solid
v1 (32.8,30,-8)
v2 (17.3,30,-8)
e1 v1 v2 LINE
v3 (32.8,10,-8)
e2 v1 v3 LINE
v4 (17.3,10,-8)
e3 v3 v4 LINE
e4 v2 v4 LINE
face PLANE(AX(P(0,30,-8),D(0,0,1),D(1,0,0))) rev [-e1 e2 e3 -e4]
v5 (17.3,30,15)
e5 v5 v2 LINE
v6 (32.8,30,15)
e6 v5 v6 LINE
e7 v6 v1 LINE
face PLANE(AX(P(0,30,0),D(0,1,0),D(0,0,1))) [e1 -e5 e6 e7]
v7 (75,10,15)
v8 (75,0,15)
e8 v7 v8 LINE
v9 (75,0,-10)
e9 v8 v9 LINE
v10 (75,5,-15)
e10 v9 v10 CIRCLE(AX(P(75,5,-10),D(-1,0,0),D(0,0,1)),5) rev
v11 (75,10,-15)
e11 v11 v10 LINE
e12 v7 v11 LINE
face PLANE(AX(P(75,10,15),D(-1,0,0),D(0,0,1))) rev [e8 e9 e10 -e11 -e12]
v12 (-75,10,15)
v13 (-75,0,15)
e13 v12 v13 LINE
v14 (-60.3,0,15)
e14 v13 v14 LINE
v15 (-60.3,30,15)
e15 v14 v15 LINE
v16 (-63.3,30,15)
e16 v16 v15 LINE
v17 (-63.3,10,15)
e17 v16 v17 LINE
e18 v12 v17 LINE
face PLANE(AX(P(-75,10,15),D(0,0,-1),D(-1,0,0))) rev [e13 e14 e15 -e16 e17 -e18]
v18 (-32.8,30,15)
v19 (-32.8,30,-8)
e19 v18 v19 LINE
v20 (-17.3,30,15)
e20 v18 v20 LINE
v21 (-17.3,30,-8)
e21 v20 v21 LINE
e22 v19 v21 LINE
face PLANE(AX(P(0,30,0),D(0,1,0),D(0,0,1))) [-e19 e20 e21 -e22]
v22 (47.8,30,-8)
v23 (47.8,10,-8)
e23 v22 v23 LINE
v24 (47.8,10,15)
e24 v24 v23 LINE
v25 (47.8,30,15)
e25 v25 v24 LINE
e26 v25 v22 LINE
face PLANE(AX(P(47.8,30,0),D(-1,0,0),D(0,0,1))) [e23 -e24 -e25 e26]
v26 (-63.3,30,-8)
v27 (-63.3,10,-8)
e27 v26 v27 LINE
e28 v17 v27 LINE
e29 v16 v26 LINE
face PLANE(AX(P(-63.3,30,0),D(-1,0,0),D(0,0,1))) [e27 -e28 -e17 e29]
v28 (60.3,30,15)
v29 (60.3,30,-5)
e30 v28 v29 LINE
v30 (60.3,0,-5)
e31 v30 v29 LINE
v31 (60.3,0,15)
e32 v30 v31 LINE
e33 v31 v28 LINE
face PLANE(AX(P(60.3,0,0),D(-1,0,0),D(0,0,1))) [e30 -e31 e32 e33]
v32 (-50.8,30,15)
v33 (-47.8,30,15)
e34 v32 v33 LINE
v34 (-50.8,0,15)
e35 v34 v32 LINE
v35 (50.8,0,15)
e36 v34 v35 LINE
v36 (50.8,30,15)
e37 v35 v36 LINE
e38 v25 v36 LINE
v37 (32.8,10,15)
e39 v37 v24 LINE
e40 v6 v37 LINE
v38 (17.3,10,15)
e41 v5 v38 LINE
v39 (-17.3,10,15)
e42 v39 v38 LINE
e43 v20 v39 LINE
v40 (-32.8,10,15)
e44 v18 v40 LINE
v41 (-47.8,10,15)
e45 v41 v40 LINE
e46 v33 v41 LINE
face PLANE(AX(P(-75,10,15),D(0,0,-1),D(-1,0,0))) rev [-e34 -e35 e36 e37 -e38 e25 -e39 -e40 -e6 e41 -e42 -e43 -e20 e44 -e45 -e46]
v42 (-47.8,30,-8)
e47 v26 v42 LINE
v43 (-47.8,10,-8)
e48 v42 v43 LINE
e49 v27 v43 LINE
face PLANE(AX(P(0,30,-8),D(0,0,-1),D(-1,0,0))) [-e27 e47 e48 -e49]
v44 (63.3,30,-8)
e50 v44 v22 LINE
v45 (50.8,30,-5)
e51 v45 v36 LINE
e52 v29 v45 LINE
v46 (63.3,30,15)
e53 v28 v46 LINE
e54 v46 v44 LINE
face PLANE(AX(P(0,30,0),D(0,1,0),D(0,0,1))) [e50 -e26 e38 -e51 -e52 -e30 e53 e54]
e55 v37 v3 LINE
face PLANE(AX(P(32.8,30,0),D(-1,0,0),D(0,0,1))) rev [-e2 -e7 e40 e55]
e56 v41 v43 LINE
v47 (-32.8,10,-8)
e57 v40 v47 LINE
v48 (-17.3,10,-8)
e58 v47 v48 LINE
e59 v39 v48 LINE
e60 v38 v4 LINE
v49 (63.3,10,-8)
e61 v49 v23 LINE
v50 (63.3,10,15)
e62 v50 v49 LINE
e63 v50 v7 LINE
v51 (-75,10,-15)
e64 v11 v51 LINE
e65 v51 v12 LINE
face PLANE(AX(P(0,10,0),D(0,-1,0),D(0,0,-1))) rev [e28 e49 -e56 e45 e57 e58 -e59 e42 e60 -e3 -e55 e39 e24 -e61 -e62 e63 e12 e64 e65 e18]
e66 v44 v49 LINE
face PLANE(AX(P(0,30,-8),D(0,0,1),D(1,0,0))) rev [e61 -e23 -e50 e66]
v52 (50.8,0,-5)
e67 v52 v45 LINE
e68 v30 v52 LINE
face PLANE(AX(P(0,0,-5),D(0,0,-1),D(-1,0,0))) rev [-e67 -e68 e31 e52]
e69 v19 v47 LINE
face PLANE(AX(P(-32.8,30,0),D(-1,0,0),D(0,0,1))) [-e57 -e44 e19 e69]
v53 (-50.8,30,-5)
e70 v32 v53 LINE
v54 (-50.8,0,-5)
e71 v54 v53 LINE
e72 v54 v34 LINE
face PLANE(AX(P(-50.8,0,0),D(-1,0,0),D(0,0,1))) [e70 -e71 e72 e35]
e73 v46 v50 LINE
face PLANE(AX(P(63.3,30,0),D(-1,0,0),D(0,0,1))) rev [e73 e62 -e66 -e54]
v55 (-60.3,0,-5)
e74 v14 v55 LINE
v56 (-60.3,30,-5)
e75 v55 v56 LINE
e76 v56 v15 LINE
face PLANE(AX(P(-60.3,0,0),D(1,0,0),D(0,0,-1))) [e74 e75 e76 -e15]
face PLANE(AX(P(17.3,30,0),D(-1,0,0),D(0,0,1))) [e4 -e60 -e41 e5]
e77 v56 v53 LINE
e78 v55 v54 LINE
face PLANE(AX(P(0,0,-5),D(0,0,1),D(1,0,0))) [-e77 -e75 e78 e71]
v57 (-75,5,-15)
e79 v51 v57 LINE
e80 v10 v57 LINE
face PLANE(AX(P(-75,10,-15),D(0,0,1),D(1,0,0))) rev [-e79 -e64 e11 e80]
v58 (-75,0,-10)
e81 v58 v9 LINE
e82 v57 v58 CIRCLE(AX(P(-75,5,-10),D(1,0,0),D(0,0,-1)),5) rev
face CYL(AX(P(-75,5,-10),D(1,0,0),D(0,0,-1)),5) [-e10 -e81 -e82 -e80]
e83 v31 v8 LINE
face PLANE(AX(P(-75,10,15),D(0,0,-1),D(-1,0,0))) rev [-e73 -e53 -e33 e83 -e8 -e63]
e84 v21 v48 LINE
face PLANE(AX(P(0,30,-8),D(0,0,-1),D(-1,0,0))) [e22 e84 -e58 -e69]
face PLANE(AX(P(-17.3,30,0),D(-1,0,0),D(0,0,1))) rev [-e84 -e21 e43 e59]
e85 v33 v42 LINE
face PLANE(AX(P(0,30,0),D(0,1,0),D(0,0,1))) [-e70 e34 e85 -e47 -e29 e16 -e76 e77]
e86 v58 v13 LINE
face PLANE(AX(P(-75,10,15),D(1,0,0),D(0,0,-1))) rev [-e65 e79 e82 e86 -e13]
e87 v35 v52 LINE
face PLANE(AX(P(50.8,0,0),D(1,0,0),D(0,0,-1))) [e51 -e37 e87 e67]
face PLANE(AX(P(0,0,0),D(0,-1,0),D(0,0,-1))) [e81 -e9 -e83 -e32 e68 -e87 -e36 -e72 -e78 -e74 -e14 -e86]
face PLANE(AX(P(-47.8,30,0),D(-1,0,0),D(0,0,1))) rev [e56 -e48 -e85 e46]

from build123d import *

# Parameters (mm, degrees)
SKETCH1_W           = 150
SKETCH1_H           = 30
BOSS_EXTRUDE1_DEPTH = 10
SKETCH2_W           = 9.5
SKETCH2_H           = 20
CUT_EXTRUDE1_DEPTH  = 10
SKETCH2_3_W         = 15.5
SKETCH2_3_H         = 23
BOSS_EXTRUDE2_DEPTH = 20
FILLET1_R           = 5


with BuildPart() as part:
    # Sketch1 → Boss-Extrude1 (new body)
    with BuildSketch(Plane(origin=(0, 0, 0), x_dir=(1, 0, 0), z_dir=(0, 1, 0))):
        Rectangle(SKETCH1_W, SKETCH1_H)
    extrude(amount=BOSS_EXTRUDE1_DEPTH)

    # Sketch2 → Cut-Extrude1 (cut)
    with BuildSketch(Plane(origin=(0, 10, 0), x_dir=(1, 0, 0), z_dir=(0, 1, 0))):
        with Locations((-55.55, -5)):
            Rectangle(SKETCH2_W, SKETCH2_H)
        with Locations((55.55, -5)):
            Rectangle(SKETCH2_W, SKETCH2_H)
    extrude(amount=-CUT_EXTRUDE1_DEPTH, mode=Mode.SUBTRACT)

    # Sketch2<3> → Boss-Extrude2 (add)
    with BuildSketch(Plane(origin=(0, 10, 0), x_dir=(1, 0, 0), z_dir=(0, 1, 0))):
        Polygon((-63.3, 8), (-63.3, -15), (-60.3, -15), (-60.3, 5), (-50.8, 5), (-50.8, -15), (-47.8, -15), (-47.8, 8), align=None)
        Polygon((47.8, 8), (47.8, -15), (50.8, -15), (50.8, 5), (60.3, 5), (60.3, -15), (63.3, -15), (63.3, 8), align=None)
        with Locations((25.05, -3.5)):
            Rectangle(SKETCH2_3_W, SKETCH2_3_H)
        with Locations((-25.05, -3.5)):
            Rectangle(SKETCH2_3_W, SKETCH2_3_H)
    extrude(amount=BOSS_EXTRUDE2_DEPTH)

    # Fillet1
    fillet1_edges = [part.edges().sort_by_distance(p)[0] for p in [
        (0, 0, -15),
    ]]
    fillet(fillet1_edges, radius=FILLET1_R)


solid = part.part
